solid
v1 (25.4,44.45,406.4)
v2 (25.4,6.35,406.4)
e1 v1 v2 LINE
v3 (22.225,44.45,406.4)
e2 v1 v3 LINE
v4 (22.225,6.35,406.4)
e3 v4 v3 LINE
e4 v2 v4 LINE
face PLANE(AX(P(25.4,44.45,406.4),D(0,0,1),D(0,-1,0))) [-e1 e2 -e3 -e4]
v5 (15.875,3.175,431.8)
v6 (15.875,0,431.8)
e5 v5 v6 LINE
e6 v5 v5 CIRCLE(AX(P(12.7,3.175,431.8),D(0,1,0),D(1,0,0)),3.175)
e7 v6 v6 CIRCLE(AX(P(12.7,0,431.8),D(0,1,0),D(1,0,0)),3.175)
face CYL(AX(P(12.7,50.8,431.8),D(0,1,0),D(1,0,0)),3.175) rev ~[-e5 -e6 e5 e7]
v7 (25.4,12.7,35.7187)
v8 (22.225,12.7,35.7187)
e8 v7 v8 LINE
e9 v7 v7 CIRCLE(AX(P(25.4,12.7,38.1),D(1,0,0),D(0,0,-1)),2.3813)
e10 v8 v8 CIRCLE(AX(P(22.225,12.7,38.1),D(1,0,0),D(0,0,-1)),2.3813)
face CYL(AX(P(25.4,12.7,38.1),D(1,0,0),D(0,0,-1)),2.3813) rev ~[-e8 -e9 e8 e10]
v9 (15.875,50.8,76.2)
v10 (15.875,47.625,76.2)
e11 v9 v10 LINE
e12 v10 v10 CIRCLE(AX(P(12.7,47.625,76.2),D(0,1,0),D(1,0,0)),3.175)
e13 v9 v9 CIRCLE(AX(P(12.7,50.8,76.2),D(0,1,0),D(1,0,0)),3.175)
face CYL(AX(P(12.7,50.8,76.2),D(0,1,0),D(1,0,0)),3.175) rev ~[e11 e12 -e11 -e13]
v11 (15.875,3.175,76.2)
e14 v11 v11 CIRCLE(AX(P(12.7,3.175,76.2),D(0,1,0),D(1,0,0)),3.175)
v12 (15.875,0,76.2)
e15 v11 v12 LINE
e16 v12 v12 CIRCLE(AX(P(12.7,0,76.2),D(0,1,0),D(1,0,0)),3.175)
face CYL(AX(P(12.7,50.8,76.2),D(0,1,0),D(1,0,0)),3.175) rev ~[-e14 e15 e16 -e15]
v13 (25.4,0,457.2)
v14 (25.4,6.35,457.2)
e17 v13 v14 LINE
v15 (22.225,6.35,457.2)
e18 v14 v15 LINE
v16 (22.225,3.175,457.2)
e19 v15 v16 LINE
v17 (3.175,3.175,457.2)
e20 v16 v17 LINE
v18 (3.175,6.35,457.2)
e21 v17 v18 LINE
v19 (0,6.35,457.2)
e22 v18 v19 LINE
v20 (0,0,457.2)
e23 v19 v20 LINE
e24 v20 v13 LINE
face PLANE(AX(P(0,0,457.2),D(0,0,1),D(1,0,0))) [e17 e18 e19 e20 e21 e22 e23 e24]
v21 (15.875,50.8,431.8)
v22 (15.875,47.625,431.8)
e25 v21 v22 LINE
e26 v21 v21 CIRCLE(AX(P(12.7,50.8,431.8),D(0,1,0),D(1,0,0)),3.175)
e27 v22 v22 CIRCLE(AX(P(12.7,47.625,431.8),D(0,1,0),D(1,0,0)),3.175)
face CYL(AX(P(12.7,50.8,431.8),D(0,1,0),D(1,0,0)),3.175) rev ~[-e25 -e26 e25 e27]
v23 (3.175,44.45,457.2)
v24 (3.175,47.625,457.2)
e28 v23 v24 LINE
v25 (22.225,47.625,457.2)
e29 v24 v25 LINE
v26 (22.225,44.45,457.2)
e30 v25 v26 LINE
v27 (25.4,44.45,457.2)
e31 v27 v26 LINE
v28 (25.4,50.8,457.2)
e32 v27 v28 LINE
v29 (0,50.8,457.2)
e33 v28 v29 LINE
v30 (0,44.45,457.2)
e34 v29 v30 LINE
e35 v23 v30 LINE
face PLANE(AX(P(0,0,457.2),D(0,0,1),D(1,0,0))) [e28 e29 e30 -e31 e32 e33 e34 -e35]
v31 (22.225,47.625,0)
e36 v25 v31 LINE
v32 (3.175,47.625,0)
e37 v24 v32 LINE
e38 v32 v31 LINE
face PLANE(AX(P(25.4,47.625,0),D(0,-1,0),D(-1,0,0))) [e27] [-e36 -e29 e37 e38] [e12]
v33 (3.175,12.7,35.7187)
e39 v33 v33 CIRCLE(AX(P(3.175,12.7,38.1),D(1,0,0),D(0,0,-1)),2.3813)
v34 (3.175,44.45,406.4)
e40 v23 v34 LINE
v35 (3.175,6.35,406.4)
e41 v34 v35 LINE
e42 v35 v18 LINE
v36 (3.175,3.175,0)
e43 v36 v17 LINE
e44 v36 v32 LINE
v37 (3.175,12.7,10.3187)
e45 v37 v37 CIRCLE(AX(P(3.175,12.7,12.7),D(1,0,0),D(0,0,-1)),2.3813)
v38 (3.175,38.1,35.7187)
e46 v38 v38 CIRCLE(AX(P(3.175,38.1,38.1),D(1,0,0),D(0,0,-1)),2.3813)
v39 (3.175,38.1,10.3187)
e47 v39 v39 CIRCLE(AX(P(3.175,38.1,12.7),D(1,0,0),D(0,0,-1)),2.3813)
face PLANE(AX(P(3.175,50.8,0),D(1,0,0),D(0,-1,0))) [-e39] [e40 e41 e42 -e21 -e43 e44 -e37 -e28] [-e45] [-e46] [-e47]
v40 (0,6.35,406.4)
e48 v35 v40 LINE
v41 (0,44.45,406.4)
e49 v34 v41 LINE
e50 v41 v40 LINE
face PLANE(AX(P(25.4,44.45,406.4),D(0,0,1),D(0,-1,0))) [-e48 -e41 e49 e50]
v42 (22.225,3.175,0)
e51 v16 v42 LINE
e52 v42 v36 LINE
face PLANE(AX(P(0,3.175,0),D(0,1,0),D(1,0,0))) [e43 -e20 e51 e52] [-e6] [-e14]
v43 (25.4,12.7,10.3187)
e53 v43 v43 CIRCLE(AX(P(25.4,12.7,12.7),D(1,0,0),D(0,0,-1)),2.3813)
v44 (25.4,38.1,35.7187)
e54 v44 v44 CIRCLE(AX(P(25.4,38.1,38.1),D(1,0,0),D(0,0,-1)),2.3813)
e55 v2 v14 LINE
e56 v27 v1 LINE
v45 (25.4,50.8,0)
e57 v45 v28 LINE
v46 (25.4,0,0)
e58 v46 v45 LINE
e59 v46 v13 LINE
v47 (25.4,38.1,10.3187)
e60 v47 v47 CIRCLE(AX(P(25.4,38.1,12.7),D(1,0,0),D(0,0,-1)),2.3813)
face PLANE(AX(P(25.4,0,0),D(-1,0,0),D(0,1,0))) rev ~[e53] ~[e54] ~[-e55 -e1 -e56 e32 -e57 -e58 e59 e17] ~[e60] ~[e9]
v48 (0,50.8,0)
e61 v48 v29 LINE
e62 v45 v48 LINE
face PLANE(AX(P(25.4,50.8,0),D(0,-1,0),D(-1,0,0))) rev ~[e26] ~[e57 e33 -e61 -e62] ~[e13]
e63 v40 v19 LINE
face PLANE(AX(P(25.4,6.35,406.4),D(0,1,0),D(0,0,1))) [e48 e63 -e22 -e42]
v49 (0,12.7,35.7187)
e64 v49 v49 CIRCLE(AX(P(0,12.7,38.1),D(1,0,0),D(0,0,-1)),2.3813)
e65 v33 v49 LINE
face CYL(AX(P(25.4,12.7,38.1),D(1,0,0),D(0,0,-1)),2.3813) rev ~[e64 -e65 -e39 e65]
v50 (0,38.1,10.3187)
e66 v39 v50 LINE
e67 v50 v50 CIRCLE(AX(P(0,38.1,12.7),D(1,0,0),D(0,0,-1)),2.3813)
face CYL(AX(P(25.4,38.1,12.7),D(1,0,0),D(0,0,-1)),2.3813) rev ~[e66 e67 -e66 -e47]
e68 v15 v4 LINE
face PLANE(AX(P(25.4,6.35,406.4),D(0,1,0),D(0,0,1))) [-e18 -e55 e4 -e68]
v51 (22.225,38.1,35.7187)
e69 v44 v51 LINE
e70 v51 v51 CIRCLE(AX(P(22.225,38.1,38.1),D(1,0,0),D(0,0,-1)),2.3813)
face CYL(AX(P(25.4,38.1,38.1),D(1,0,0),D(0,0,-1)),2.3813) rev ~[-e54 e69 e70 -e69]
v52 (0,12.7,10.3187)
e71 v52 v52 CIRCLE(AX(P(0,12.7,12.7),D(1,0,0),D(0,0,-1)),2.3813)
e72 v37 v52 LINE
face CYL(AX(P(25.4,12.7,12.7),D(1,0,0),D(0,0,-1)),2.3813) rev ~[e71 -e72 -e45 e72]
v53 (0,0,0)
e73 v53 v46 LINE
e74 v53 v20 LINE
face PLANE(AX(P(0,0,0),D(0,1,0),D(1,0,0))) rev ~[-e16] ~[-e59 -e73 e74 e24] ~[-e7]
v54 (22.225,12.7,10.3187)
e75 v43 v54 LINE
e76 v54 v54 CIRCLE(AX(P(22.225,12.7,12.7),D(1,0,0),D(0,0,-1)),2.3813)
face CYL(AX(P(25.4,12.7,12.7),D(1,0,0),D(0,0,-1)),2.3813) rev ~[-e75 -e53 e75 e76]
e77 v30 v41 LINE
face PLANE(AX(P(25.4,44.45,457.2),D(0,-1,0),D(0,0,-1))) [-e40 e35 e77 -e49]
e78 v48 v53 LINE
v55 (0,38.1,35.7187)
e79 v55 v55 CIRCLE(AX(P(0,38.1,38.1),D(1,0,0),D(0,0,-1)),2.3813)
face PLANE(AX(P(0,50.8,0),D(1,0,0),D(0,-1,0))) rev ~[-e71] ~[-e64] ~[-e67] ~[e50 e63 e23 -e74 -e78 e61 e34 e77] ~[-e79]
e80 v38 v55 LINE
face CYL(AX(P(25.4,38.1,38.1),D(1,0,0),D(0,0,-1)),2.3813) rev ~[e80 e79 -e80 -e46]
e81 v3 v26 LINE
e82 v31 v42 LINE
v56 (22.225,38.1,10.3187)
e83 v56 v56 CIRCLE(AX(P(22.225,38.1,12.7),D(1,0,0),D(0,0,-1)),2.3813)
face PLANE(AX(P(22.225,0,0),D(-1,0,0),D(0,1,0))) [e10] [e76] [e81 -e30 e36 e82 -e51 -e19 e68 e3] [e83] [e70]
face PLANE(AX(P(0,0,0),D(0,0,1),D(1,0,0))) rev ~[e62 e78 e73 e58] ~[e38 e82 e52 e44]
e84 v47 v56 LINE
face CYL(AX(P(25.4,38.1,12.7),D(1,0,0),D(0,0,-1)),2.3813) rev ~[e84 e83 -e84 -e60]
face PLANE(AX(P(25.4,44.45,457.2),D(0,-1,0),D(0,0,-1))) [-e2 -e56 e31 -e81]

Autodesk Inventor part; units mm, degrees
ref_plane "YZ Plane" through (0, 0, 0) normal (1, 0, 0) x (0, 1, 0)
ref_plane "XZ Plane" through (0, 0, 0) normal (0, 1, 0) x (-1, 0, 0)
ref_plane "XY Plane" through (0, 0, 0) normal (0, 0, 1) x (1, 0, 0)
sketch "Sketch1" plane through (0, 0, 0) normal (0, 0, 1) x (1, 0, 0)
  line L0 (0, 0) -> (25.4, 0)
  line L1 (25.4, 0) -> (25.4, 50.8)
  line L2 (25.4, 50.8) -> (0, 50.8)
  line L3 (0, 50.8) -> (0, 0)
  dimension "d0" = 25.4
  dimension "d1" = 50.8
extrude "Extrusion1" add sketch "Sketch1" along normal blind 457.2
shell "Shell1" thickness 3.175 removed faces 2 at (8.4667, 33.8667, 0) at (8.4667, 33.8667, 457.2)
sketch "Sketch2" plane through (25.4, 0, 0) normal (1, 0, 0) x (0, 0, -1)
  line L0 (0, 50.8) -> (-457.2, 50.8) projected
  line L1 (-457.2, 44.45) -> (-406.4, 44.45)
  line L2 (-406.4, 44.45) -> (-406.4, 6.35)
  line L3 (-406.4, 6.35) -> (-457.2, 6.35)
  line L4 (-457.2, 6.35) -> (-457.2, 44.45)
  line L5 (0, 0) -> (0, 50.8) projected
  dimension "d24" = 38.1
  dimension "d26" = 6.35
  dimension "d27" = 406.4
  dimension "d28" = 50.8
extrude "Extrusion2" cut sketch "Sketch2" against normal through all
sketch "Sketch3" plane through (0, 50.8, 0) normal (0, 1, 0) x (1, 0, 0)
  line L0 (0, -457.2) -> (25.4, -457.2) projected
  line L1 (25.4, 0) -> (25.4, -457.2) projected
  line L2 (25.4, 0) -> (0, 0) projected
  line L3 (0, 0) -> (0, -457.2) projected
  circle A0 centre (12.7, -76.2) radius 3.175
  circle A1 centre (12.7, -431.8) radius 3.175
  dimension "d15" = 12.7
  dimension "d16" = 76.2
  dimension "d17" = 6.35
  dimension "d18" = 12.7
  dimension "d19" = 6.35
  dimension "d20" = 25.4
extrude "Extrusion3" cut sketch "Sketch3" against normal through all contours A0 | A1
sketch "Sketch4" plane through (25.4, 0, 0) normal (1, 0, 0) x (0, 0, -1)
  line L0 (0, 0) -> (0, 50.8) projected
  line L1 (0, 50.8) -> (-457.2, 50.8) projected
  circle A0 centre (-38.1, 38.1) radius 2.3813
  circle A1 centre (-12.7, 38.1) radius 2.3813
  circle A2 centre (-38.1, 12.7) radius 2.3813
  circle A3 centre (-12.7, 12.7) radius 2.3813
  line L2 (-38.1, 38.1) -> (-12.7, 38.1) construction
  line L3 (-12.7, 38.1) -> (-12.7, 12.7) construction
  line L4 (-12.7, 12.7) -> (-38.1, 12.7) construction
  line L5 (-38.1, 12.7) -> (-38.1, 38.1) construction
  dimension "d29" = 4.7625
  dimension "d30" = 12.7
  dimension "d31" = 25.4
  dimension "d32" = 25.4
  dimension "d33" = 12.7
extrude "Extrusion4" cut sketch "Sketch4" against normal through all
properties part number "Frame_UpperRollerMount"
